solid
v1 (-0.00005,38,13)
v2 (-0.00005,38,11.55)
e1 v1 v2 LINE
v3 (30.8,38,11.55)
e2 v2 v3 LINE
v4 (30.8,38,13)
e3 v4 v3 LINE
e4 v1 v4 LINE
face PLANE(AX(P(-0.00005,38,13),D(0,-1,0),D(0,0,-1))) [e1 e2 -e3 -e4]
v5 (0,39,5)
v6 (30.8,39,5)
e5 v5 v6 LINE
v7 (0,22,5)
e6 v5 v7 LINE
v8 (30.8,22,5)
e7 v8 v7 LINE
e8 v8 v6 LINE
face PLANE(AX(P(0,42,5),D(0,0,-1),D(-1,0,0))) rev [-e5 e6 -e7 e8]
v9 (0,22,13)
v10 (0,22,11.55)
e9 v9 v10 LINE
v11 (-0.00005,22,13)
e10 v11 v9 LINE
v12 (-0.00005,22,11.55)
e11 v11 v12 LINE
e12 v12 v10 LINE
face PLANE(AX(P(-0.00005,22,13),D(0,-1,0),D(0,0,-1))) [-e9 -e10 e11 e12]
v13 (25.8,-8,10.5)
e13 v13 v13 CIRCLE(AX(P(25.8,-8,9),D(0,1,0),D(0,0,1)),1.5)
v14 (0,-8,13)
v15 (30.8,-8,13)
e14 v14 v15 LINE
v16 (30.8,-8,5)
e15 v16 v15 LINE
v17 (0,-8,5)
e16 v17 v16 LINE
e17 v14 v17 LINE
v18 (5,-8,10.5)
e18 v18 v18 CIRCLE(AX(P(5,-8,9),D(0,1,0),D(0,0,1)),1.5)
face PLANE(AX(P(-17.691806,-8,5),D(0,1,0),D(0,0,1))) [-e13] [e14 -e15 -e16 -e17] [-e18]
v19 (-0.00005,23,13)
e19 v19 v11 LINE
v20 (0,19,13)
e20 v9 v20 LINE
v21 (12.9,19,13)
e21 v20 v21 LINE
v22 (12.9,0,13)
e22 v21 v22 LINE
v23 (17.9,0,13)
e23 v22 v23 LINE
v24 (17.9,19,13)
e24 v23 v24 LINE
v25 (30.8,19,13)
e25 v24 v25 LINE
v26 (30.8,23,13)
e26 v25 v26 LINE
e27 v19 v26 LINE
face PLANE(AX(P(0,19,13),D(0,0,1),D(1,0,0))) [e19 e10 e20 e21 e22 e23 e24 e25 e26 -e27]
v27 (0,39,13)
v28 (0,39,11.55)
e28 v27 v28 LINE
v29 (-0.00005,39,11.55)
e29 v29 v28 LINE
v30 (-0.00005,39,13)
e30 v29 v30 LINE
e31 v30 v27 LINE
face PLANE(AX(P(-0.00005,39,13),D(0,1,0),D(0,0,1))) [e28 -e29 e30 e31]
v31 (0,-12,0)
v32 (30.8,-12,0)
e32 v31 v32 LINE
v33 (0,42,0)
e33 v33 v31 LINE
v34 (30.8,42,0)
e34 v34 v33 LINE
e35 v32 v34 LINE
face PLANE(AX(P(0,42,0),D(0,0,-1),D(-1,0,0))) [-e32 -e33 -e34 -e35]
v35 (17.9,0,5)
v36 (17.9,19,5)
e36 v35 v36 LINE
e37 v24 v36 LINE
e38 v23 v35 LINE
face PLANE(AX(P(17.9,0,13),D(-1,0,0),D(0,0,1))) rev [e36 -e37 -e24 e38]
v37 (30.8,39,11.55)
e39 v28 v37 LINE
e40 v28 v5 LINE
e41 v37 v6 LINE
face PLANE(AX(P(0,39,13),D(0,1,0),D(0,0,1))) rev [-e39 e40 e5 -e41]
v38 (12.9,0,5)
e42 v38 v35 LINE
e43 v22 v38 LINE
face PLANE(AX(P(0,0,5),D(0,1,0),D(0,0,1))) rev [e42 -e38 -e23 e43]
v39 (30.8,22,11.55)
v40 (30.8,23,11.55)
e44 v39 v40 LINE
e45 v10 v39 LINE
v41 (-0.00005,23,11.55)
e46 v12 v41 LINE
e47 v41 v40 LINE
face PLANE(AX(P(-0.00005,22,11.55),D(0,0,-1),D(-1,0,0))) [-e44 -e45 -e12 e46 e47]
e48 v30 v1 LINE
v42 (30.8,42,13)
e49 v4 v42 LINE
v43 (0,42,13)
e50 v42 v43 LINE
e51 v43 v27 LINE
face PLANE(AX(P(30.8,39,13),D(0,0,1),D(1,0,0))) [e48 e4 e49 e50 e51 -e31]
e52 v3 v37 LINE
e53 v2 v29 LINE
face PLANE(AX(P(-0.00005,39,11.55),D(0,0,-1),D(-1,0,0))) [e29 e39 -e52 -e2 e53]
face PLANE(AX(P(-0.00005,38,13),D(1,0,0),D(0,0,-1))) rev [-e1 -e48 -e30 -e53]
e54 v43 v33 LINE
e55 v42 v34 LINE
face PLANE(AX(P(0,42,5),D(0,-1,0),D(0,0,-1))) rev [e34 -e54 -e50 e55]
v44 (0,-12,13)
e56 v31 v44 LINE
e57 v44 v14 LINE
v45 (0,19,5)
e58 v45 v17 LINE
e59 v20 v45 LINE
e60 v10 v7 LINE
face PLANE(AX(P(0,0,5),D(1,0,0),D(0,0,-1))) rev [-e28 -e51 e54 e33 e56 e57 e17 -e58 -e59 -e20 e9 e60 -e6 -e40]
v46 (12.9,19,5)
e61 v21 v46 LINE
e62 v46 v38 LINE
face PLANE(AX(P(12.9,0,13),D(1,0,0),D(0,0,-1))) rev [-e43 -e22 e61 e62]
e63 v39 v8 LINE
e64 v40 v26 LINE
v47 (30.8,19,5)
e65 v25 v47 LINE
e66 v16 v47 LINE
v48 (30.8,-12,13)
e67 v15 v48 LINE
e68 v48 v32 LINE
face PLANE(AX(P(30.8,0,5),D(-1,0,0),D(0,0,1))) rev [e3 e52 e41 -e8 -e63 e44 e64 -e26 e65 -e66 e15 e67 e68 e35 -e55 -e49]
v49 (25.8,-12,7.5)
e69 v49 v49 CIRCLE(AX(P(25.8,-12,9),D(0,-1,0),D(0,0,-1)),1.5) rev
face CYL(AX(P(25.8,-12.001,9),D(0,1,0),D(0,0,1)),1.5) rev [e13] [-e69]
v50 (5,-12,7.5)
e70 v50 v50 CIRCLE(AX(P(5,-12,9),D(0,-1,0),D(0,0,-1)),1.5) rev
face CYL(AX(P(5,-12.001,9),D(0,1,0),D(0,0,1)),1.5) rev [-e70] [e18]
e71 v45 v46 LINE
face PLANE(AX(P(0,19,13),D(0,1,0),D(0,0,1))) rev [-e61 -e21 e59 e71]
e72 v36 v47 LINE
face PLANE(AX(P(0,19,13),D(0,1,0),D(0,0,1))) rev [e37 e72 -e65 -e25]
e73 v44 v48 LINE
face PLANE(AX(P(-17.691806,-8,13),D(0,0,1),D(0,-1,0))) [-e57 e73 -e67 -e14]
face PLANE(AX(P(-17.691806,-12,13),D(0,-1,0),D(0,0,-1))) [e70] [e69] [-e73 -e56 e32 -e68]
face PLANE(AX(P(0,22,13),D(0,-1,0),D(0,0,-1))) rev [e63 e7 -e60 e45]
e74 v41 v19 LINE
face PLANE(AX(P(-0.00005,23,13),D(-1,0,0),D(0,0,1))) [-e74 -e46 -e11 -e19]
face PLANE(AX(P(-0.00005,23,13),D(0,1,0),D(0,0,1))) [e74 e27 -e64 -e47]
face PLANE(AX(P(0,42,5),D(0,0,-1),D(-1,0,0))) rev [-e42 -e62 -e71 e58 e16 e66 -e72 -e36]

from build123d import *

# Parameters (mm, degrees)
SKETCH_1_W          = 30.8
SKETCH_1_H          = 42
EXTRUDE_1_DEPTH     = 5
SKETCH_2_W          = 30.8
SKETCH_2_H          = 3
EXTRUDE_2_DEPTH     = 8
SKETCH_3_W          = 5
SKETCH_3_H          = 19
EXTRUDE_3_DEPTH     = 8
EXTRUDE_4_DEPTH     = 30.8
CUT_EXTRUDE_1_REACH = 6
SKETCH_5_R          = 1.5
SKETCH_6_W          = 1.45
SKETCH_6_H          = 1
EXTRUDE_5_DEPTH     = 30.8


with BuildPart() as part:
    # 草图1 → 凸台-拉伸1 (new body)
    with BuildSketch(Plane.XY):
        with Locations((15.4, 21)):
            Rectangle(SKETCH_1_W, SKETCH_1_H)
    extrude(amount=EXTRUDE_1_DEPTH)

    # 草图2 → 凸台-拉伸2 (add)
    with BuildSketch(Plane.XY.offset(5)):
        with Locations((15.4, 40.5)):
            Rectangle(SKETCH_2_W, SKETCH_2_H)
        with Locations((15.4, 20.5)):
            Rectangle(SKETCH_2_W, SKETCH_2_H)
    extrude(amount=EXTRUDE_2_DEPTH)

    # 草图3 → 凸台-拉伸3 (add)
    with BuildSketch(Plane.XY.offset(5)):
        with Locations((15.4, 9.5)):
            Rectangle(SKETCH_3_W, SKETCH_3_H)
    extrude(amount=EXTRUDE_3_DEPTH)

    # 草图4 → 凸台-拉伸4 (add)
    with BuildSketch(Plane(origin=(30.8, 0, 0), x_dir=(0, 0, -1), z_dir=(1, 0, 0))):
        Polygon((-5, 0), (-5, -8), (-13, -8), (-13, -12), (0, -12), (0, 0), align=None)
    extrude(amount=-EXTRUDE_4_DEPTH)

    # 草图5 → 切除-拉伸1 (cut, up to next)
    with BuildSketch(Plane(origin=(0, -8, 0), x_dir=(1, 0, 0), z_dir=(0, 1, 0)), mode=Mode.PRIVATE) as cut_extrude_1_sk1:
        with Locations((5, -9)):
            Circle(SKETCH_5_R)
    cut_extrude_1_tool1 = extrude(cut_extrude_1_sk1.sketch, amount=-CUT_EXTRUDE_1_REACH, mode=Mode.PRIVATE) & part.part
    add(cut_extrude_1_tool1.solids().sort_by_distance((5, -8, 9))[0], mode=Mode.SUBTRACT)
    # 草图5 → 切除-拉伸1 (cut, up to next)
    with BuildSketch(Plane(origin=(0, -8, 0), x_dir=(1, 0, 0), z_dir=(0, 1, 0)), mode=Mode.PRIVATE) as cut_extrude_1_sk2:
        with Locations((25.8, -9)):
            Circle(SKETCH_5_R)
    cut_extrude_1_tool2 = extrude(cut_extrude_1_sk2.sketch, amount=-CUT_EXTRUDE_1_REACH, mode=Mode.PRIVATE) & part.part
    add(cut_extrude_1_tool2.solids().sort_by_distance((25.8, -8, 9))[0], mode=Mode.SUBTRACT)

    # 草图6 → 凸台-拉伸5 (add, through all)
    with BuildSketch(Plane(origin=(30.8, 0, 0), x_dir=(0, 0, -1), z_dir=(1, 0, 0))):
        with Locations((-12.275, 38.5)):
            Rectangle(SKETCH_6_W, SKETCH_6_H)
        with Locations((-12.275, 22.5)):
            Rectangle(SKETCH_6_W, SKETCH_6_H)
    extrude(amount=-EXTRUDE_5_DEPTH)


solid = part.part
